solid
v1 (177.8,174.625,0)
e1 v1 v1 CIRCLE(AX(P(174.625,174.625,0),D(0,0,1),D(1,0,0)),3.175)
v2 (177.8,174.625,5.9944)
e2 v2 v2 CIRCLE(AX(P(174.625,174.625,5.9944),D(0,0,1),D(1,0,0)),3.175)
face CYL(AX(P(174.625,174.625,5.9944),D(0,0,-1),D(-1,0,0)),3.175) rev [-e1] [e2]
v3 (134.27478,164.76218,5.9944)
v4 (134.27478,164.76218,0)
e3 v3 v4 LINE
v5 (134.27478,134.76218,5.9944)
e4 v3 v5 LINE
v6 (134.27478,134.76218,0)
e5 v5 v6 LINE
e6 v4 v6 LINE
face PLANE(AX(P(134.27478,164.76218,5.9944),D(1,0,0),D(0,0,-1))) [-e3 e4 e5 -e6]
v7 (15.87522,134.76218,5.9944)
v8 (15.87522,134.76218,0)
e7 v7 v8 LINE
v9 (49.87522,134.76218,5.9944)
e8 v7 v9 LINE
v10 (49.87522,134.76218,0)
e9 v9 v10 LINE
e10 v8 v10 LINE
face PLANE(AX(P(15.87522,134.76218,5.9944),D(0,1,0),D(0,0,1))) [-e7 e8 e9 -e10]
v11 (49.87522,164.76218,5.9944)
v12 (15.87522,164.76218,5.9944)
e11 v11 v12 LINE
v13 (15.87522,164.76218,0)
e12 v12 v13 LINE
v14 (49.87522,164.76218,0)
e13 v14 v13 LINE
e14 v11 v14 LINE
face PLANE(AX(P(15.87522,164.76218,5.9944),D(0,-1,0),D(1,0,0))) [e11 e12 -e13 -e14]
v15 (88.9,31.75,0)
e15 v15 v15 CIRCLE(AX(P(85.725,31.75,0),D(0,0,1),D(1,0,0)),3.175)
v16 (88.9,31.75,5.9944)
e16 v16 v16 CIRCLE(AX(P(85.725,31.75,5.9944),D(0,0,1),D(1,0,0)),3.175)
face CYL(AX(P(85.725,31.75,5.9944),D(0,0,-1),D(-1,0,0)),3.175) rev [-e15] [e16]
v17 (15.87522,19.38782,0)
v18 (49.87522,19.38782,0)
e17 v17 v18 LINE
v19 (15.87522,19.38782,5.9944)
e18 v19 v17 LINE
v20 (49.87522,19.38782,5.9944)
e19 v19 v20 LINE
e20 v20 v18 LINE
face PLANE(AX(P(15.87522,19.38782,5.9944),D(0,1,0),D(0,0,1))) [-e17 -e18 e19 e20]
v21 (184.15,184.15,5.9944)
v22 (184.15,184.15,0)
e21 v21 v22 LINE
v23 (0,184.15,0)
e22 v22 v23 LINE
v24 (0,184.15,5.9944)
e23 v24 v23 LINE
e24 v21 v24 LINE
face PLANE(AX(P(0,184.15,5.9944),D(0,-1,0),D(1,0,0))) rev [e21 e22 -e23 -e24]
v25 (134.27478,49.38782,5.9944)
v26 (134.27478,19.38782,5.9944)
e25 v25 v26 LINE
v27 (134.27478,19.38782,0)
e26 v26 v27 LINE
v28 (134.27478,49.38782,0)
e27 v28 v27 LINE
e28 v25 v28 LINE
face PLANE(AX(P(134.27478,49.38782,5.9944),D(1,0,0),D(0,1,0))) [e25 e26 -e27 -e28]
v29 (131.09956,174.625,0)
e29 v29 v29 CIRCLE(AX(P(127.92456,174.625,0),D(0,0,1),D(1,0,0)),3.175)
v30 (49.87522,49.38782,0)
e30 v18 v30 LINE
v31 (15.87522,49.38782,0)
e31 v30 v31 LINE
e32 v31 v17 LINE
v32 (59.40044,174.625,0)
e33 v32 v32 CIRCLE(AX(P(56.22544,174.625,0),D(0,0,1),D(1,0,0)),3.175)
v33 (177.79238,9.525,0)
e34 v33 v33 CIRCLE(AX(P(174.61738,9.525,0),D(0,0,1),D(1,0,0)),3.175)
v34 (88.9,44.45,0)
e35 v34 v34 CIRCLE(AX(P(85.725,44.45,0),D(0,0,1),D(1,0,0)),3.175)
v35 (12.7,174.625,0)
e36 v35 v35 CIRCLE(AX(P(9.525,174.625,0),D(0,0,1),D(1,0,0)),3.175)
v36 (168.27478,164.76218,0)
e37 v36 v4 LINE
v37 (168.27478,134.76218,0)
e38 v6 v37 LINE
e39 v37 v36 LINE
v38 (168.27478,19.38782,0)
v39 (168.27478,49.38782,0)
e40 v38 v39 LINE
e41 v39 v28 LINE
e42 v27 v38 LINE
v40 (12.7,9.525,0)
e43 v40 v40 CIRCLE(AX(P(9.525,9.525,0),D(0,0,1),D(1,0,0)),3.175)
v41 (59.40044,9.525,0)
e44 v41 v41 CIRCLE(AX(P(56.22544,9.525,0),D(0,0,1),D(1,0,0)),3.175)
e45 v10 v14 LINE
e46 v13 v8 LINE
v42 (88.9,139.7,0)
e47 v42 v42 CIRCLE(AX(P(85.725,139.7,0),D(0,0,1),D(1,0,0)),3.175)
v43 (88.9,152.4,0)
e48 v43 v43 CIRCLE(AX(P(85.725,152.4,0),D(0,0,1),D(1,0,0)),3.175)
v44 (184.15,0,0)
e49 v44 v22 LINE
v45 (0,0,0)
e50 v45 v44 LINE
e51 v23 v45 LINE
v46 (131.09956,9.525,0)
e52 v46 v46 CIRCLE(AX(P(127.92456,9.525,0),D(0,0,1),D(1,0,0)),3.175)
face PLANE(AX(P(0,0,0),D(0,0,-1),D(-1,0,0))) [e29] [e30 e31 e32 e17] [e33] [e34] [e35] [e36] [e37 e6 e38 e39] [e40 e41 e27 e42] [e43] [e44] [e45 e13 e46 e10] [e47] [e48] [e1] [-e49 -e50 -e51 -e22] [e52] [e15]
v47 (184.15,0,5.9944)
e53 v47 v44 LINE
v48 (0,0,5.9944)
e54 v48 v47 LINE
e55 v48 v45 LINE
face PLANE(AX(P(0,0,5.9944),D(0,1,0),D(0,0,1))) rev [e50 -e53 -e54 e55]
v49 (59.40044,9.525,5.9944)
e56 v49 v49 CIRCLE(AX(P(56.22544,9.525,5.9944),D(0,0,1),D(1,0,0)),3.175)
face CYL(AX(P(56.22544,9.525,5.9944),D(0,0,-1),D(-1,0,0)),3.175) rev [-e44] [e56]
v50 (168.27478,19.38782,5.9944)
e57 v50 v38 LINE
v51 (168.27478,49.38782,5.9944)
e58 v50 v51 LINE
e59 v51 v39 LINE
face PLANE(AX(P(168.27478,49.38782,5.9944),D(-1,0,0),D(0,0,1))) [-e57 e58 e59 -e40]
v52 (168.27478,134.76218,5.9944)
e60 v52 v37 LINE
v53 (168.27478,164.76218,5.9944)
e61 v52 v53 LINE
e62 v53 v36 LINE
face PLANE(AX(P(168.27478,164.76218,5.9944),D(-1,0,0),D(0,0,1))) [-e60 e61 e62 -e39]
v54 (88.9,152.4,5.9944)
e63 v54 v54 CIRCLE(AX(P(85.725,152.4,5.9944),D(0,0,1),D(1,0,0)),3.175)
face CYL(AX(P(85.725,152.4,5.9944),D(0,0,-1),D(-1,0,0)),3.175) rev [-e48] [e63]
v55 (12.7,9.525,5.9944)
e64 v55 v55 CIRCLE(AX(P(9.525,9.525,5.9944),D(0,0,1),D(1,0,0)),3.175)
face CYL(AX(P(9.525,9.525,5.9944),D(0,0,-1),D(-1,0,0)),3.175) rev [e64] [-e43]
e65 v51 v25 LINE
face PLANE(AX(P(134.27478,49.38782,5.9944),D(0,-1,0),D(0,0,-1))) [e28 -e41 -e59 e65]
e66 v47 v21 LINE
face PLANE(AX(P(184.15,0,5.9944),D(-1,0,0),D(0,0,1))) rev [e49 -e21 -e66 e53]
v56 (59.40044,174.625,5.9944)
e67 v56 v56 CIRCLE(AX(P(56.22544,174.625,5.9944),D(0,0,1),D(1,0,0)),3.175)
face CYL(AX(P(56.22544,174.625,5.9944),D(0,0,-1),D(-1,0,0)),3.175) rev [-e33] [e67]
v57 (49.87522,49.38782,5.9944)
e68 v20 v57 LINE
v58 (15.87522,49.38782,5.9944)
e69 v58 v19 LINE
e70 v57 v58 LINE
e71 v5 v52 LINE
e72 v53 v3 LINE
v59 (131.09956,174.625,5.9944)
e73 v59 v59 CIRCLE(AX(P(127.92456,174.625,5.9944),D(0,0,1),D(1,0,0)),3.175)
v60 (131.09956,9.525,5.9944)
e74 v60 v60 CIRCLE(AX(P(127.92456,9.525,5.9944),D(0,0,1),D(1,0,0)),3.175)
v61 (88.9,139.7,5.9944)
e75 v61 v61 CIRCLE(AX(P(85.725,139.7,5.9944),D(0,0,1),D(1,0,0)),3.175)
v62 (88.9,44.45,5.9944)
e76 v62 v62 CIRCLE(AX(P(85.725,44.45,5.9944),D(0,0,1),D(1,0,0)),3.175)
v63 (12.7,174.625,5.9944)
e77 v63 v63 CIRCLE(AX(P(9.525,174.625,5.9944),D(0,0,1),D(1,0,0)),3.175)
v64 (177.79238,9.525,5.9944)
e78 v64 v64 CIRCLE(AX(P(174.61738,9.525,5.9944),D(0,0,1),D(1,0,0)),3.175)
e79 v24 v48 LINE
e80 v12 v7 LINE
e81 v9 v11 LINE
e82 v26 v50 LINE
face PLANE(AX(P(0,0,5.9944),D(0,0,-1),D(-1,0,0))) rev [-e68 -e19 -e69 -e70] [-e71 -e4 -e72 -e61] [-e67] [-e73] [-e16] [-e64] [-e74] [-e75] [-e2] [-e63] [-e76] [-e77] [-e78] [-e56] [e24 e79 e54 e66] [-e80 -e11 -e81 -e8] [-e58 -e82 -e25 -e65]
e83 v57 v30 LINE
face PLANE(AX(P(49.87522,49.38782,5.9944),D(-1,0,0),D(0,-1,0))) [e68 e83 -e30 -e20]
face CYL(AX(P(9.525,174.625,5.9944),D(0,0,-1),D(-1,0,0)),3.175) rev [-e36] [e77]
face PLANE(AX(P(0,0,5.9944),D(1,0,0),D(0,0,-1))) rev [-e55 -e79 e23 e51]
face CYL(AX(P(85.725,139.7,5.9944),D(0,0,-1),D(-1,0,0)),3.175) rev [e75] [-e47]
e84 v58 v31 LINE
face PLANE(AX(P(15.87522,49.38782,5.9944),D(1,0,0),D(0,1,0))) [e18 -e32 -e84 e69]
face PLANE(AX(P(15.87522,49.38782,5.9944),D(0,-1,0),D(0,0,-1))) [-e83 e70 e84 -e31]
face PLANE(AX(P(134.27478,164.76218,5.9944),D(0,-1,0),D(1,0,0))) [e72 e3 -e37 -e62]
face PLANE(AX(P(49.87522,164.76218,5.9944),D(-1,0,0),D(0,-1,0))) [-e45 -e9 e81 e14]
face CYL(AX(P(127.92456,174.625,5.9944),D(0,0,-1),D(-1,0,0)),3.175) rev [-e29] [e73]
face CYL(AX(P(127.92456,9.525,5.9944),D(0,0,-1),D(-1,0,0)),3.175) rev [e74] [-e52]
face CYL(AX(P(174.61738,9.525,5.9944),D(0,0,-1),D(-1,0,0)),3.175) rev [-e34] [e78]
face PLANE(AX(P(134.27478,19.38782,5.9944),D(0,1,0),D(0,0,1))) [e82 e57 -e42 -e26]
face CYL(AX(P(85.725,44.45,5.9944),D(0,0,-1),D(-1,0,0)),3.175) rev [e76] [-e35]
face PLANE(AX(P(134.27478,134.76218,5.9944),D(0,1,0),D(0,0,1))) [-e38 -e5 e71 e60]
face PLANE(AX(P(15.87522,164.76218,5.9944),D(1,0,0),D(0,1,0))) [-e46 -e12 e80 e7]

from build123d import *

# Parameters (mm, degrees)
SKETCH1_W           = 184.15
SKETCH1_H           = 184.15
SKETCH1_R           = 3.175
SKETCH1_W_2         = 34
SKETCH1_H_2         = 30
BOSS_EXTRUDE1_DEPTH = 5.9944


with BuildPart() as part:
    # Sketch1 → Boss-Extrude1 (new body)
    with BuildSketch(Plane.XY):
        with Locations((92.075, 92.075)):
            Rectangle(SKETCH1_W, SKETCH1_H)
        with Locations((9.525, 174.625)):
            Circle(SKETCH1_R, mode=Mode.SUBTRACT)
        with Locations((56.22544, 174.625)):
            Circle(SKETCH1_R, mode=Mode.SUBTRACT)
        with Locations((127.92456, 174.625)):
            Circle(SKETCH1_R, mode=Mode.SUBTRACT)
        with Locations((174.625, 174.625)):
            Circle(SKETCH1_R, mode=Mode.SUBTRACT)
        with Locations((85.725, 152.4)):
            Circle(SKETCH1_R, mode=Mode.SUBTRACT)
        with Locations((85.725, 139.7)):
            Circle(SKETCH1_R, mode=Mode.SUBTRACT)
        with Locations((9.525, 9.525)):
            Circle(SKETCH1_R, mode=Mode.SUBTRACT)
        with Locations((85.725, 44.45)):
            Circle(SKETCH1_R, mode=Mode.SUBTRACT)
        with Locations((56.22544, 9.525)):
            Circle(SKETCH1_R, mode=Mode.SUBTRACT)
        with Locations((85.725, 31.75)):
            Circle(SKETCH1_R, mode=Mode.SUBTRACT)
        with Locations((127.92456, 9.525)):
            Circle(SKETCH1_R, mode=Mode.SUBTRACT)
        with Locations((174.61738, 9.525)):
            Circle(SKETCH1_R, mode=Mode.SUBTRACT)
        with Locations((32.87522, 149.76218)):
            Rectangle(SKETCH1_W_2, SKETCH1_H_2, mode=Mode.SUBTRACT)
        with Locations((32.87522, 34.38782)):
            Rectangle(SKETCH1_W_2, SKETCH1_H_2, mode=Mode.SUBTRACT)
        with Locations((151.27478, 149.76218)):
            Rectangle(SKETCH1_W_2, SKETCH1_H_2, mode=Mode.SUBTRACT)
        with Locations((151.27478, 34.38782)):
            Rectangle(SKETCH1_W_2, SKETCH1_H_2, mode=Mode.SUBTRACT)
    extrude(amount=BOSS_EXTRUDE1_DEPTH)


solid = part.part
